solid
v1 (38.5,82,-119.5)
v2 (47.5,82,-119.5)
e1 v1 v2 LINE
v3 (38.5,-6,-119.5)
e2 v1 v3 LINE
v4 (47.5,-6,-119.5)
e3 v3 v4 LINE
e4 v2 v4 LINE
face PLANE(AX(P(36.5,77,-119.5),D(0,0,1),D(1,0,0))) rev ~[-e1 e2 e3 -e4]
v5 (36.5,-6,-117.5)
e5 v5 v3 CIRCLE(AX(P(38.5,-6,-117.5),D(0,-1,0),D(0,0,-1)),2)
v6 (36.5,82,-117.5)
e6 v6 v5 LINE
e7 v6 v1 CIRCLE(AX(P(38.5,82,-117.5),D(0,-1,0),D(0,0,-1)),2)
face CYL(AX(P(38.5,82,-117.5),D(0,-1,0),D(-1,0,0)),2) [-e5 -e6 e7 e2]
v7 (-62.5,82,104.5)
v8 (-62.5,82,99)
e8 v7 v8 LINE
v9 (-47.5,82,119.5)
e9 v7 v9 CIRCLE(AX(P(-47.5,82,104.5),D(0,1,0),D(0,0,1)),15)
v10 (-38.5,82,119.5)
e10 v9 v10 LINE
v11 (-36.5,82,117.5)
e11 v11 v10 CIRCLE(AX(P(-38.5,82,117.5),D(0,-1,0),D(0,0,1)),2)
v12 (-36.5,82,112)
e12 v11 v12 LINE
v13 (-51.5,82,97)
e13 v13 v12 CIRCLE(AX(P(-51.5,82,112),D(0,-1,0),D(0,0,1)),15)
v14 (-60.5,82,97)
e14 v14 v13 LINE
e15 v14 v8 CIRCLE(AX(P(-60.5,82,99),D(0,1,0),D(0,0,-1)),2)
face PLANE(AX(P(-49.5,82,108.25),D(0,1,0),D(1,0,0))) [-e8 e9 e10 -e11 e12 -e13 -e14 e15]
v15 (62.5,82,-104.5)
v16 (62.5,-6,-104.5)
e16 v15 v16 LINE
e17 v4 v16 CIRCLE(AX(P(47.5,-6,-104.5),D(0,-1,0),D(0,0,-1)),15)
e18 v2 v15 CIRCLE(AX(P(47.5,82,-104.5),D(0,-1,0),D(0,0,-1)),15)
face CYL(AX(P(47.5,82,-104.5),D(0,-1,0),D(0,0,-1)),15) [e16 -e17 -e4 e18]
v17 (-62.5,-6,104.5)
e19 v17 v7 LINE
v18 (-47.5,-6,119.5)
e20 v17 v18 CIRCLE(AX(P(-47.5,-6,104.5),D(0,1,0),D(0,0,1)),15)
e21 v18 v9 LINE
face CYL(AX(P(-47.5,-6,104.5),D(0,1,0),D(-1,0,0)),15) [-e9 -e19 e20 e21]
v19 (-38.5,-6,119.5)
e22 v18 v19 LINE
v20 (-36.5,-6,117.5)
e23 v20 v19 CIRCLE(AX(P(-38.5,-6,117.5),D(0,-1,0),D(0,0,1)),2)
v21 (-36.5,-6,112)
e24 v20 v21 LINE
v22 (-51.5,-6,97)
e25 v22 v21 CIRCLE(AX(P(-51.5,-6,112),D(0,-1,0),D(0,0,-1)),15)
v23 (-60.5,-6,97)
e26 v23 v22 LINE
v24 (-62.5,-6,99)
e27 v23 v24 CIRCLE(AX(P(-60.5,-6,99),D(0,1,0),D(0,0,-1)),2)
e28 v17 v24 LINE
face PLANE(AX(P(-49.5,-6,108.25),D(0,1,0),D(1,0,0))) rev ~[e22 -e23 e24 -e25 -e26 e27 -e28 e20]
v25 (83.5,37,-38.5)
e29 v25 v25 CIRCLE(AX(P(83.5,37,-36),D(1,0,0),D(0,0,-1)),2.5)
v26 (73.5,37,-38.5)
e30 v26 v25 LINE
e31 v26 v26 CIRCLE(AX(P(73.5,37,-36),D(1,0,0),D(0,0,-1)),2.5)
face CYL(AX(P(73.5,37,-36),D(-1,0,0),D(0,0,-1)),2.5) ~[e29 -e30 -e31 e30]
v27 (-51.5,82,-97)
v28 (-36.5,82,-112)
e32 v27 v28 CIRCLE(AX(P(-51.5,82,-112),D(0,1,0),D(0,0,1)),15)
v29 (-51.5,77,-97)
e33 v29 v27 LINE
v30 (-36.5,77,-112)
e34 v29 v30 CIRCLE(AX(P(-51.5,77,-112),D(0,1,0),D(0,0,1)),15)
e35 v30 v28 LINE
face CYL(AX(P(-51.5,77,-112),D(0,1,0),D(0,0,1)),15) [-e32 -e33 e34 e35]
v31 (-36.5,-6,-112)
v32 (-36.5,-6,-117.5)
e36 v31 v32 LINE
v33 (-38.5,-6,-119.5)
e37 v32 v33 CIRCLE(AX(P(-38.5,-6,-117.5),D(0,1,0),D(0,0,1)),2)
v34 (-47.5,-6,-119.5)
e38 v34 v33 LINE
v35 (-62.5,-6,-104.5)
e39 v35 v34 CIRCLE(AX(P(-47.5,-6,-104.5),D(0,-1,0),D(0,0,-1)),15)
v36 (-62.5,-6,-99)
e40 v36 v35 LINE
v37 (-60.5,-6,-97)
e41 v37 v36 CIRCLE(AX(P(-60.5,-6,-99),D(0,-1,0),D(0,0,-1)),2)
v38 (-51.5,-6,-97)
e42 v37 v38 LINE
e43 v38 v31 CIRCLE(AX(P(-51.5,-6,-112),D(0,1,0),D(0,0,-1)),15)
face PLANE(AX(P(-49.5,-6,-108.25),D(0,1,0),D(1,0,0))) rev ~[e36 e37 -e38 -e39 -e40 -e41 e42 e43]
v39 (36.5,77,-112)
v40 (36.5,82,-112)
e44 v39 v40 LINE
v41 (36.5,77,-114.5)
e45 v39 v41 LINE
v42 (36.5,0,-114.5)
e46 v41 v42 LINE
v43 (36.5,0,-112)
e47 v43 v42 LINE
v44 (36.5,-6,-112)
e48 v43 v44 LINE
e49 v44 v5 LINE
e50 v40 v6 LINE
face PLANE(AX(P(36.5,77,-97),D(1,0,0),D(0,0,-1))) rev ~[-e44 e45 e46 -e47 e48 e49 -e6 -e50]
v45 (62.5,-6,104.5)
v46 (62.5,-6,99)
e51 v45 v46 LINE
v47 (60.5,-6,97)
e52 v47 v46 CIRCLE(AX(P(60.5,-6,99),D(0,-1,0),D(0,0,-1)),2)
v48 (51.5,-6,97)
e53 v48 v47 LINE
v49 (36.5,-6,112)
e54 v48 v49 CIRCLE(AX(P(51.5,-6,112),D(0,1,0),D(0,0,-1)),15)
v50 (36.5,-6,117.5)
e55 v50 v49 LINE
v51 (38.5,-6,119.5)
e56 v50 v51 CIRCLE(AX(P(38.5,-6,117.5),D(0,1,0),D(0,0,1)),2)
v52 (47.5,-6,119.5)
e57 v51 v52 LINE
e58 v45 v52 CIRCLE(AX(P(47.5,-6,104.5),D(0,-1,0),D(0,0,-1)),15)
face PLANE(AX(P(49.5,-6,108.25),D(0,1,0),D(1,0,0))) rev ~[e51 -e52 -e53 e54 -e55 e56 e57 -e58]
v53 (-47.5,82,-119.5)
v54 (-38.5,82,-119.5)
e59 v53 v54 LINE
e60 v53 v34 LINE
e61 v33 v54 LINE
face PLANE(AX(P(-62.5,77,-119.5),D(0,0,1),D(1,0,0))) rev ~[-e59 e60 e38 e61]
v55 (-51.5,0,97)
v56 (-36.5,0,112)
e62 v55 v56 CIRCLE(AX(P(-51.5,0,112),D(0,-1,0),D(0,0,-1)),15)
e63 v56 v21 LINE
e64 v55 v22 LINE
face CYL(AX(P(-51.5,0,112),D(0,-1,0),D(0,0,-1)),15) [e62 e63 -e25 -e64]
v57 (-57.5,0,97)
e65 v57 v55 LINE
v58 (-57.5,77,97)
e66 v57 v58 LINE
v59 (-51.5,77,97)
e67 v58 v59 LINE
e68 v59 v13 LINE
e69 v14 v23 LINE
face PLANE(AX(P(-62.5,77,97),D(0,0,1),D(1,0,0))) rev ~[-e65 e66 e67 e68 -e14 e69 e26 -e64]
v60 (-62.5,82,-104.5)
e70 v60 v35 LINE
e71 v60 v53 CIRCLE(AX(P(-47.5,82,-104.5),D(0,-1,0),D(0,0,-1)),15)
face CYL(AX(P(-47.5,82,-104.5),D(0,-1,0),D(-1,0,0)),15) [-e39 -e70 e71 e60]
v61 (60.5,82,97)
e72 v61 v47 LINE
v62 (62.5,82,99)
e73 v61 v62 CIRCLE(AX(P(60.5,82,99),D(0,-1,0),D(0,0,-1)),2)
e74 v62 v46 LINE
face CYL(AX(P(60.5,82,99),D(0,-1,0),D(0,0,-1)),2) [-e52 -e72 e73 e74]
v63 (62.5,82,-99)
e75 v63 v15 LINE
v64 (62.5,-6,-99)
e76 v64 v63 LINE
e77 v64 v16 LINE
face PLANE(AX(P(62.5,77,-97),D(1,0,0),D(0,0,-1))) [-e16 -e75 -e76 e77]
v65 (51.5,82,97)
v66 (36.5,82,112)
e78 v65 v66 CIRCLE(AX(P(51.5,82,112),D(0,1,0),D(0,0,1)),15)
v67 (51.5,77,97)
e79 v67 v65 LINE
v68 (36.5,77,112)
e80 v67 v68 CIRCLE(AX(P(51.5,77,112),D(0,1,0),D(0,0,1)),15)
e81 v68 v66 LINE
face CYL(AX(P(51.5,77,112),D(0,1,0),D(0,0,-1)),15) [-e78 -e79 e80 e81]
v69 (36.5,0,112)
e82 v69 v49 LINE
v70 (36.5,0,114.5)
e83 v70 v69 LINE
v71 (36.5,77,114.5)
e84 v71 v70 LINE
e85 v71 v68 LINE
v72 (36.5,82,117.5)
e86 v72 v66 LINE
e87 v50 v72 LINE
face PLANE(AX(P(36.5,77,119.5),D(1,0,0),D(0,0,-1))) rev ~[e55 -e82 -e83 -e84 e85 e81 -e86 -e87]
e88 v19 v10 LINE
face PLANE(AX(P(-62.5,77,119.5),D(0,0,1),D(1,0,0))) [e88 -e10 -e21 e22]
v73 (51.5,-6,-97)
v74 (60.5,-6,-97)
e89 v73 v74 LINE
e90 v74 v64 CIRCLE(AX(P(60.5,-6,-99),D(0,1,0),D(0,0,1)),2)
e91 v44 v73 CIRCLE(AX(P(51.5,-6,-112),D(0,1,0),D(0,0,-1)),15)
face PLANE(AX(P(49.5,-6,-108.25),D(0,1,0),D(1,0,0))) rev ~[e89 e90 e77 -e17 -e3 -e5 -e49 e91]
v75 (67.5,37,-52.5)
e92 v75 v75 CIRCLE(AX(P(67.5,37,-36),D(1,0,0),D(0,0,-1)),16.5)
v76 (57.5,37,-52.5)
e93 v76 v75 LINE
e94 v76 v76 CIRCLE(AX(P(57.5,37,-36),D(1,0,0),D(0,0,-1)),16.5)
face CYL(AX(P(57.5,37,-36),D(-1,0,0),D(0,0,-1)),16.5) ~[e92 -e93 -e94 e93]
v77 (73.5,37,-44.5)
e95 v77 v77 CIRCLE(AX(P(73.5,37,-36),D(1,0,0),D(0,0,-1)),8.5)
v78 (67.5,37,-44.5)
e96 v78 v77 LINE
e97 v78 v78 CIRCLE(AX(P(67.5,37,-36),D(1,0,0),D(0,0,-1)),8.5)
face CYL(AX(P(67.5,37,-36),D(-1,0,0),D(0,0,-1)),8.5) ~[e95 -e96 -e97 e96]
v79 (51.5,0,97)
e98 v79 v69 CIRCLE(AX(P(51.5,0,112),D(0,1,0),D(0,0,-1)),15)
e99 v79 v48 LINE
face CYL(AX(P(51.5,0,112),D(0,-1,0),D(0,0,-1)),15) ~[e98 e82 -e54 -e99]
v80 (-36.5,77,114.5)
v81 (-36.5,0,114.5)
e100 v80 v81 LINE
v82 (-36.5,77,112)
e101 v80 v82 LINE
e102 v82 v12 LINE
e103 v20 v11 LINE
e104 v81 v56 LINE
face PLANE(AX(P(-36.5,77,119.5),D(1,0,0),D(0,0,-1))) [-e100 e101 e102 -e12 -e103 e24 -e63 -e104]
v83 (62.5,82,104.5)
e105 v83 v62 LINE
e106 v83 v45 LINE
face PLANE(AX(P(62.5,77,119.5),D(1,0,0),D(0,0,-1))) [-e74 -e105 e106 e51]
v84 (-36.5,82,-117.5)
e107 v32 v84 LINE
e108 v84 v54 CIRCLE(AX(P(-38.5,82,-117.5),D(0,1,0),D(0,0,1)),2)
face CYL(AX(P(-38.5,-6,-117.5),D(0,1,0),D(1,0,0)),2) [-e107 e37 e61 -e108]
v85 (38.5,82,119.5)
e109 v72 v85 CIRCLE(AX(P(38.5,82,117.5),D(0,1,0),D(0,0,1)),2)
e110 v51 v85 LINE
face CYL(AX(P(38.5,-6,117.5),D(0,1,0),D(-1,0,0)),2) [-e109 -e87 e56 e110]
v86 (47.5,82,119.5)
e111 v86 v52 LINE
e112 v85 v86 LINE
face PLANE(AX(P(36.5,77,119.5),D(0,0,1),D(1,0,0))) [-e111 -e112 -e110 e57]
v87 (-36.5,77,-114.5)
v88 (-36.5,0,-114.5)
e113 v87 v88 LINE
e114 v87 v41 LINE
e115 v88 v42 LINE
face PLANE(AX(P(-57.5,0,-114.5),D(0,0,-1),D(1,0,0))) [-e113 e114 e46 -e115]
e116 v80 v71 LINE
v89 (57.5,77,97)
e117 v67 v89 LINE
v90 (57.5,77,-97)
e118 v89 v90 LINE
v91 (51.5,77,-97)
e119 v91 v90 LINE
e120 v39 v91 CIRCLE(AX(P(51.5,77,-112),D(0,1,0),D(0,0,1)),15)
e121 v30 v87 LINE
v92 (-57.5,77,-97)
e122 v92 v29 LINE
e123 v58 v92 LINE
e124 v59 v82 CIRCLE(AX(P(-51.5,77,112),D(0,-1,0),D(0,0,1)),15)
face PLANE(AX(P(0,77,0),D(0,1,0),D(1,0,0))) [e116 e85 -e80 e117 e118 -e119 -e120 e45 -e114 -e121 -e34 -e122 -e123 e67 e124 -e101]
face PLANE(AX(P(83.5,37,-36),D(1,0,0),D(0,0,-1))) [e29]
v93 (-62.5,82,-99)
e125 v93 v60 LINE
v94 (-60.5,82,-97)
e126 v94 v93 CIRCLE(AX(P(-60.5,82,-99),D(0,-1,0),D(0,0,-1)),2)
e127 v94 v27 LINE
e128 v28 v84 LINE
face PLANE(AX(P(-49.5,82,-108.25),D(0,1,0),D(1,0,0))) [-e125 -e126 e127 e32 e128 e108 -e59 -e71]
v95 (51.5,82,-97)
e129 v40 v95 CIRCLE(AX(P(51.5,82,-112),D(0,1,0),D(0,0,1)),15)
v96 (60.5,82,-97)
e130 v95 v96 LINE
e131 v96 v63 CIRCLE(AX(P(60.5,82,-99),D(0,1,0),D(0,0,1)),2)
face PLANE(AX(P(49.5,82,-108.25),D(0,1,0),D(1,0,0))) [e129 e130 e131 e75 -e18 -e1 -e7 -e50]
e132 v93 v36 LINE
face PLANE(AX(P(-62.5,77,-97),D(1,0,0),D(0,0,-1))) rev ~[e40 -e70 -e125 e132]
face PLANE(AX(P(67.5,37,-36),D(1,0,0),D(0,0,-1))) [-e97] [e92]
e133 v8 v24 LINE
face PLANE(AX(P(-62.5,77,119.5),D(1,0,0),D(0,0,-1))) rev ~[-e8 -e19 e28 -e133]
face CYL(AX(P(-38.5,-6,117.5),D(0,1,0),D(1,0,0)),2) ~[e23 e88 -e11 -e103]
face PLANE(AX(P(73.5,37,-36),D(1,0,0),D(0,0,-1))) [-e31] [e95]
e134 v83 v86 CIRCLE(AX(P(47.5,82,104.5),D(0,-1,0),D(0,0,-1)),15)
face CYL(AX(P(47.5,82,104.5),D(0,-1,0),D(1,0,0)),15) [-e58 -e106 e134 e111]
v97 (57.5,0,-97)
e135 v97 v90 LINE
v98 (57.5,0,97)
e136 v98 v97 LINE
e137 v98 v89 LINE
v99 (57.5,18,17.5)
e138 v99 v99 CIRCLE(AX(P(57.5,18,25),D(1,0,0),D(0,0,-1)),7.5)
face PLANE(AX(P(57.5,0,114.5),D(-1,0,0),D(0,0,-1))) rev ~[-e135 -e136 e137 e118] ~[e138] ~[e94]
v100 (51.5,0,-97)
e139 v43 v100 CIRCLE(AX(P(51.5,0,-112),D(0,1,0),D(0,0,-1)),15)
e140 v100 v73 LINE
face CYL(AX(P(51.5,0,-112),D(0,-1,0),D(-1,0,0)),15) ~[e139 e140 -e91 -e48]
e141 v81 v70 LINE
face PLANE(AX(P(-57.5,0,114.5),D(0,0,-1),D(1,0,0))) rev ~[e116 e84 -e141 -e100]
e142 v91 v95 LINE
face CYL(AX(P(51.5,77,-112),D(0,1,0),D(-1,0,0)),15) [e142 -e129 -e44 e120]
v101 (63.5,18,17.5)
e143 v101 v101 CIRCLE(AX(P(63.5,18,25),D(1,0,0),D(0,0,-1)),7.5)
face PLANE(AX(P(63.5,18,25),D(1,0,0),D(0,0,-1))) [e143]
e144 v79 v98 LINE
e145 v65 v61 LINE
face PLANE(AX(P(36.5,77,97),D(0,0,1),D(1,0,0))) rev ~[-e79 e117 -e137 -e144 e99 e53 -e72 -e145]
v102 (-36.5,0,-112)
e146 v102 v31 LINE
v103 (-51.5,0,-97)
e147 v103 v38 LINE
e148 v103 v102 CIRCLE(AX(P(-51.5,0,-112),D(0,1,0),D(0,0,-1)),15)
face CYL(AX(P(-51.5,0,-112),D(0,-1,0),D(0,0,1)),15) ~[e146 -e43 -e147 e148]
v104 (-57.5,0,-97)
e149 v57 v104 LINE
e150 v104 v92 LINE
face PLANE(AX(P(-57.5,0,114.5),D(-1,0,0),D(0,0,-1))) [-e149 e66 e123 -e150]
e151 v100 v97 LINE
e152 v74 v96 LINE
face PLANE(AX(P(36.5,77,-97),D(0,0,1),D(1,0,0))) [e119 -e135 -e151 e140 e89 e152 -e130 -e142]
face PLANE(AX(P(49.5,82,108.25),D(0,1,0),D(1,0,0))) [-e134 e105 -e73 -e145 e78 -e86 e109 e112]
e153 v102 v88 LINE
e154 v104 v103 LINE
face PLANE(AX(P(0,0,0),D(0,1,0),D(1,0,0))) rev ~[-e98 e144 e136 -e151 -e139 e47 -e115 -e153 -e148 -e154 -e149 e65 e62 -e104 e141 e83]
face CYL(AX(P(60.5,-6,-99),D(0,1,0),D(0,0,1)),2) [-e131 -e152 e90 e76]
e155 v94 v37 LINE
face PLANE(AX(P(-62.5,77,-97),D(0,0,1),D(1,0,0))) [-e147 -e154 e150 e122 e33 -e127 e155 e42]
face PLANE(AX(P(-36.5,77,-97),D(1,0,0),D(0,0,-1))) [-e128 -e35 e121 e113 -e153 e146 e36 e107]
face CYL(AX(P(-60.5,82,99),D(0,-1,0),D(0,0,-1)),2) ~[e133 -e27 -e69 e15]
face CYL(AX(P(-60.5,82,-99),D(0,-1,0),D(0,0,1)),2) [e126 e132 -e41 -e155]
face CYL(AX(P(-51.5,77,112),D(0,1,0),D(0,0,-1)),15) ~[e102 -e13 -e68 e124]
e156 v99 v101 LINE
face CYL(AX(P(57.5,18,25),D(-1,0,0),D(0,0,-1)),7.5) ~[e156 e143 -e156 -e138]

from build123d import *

# Parameters (mm, degrees)
SKETCH1_W                = 115
SKETCH1_H                = 229
BOSS_EXTRUDE1_DEPTH      = 77
BOSS_EXTRUDE3_DEPTH      = 5
BOSS_EXTRUDE3_DEPTH_BACK = 83
SKETCH12_W               = 26
SKETCH12_H               = 22.5
FILLET2_R                = 15
FILLET3_R                = 15
FILLET4_R                = 2
SKETCH13_R               = 7.5
BOSS_EXTRUDE4_DEPTH      = 6
SKETCH13_6_R             = 16.5
BOSS_EXTRUDE5_DEPTH      = 10
SKETCH14_R               = 8.5
BOSS_EXTRUDE6_DEPTH      = 6
SKETCH15_R               = 2.5
BOSS_EXTRUDE7_DEPTH      = 10


with BuildPart() as part:
    # Sketch1 → Boss-Extrude1 (new body)
    with BuildSketch(Plane(origin=(0, 0, 0), x_dir=(1, 0, 0), z_dir=(0, 1, 0))):
        Rectangle(SKETCH1_W, SKETCH1_H)
    extrude(amount=BOSS_EXTRUDE1_DEPTH)

    # Sketch12 → Boss-Extrude3 (add, two sides: drawn at the far end of the back side and taken through both)
    with BuildSketch(Plane(origin=(0, 77, 0), x_dir=(1, 0, 0), z_dir=(0, 1, 0)).offset(-BOSS_EXTRUDE3_DEPTH_BACK)):
        with Locations((-49.5, -108.25)):
            Rectangle(SKETCH12_W, SKETCH12_H)
        with Locations((49.5, -108.25)):
            Rectangle(SKETCH12_W, SKETCH12_H)
        with Locations((49.5, 108.25)):
            Rectangle(SKETCH12_W, SKETCH12_H)
        with Locations((-49.5, 108.25)):
            Rectangle(SKETCH12_W, SKETCH12_H)
    extrude(amount=BOSS_EXTRUDE3_DEPTH + BOSS_EXTRUDE3_DEPTH_BACK)

    # Fillet2
    fillet2_edges = [part.edges().sort_by_distance(p)[0] for p in [
        (-62.5, 38, -119.5),
        (62.5, 38, -119.5),
        (-62.5, 38, 119.5),
        (62.5, 38, 119.5),
    ]]
    fillet(fillet2_edges, radius=FILLET2_R)

    # Fillet3
    fillet3_edges = [part.edges().sort_by_distance(p)[0] for p in [
        (-36.5, -3, -97),
        (36.5, -3, -97),
        (-36.5, -3, 97),
        (36.5, -3, 97),
        (36.5, 79.5, 97),
        (-36.5, 79.5, 97),
        (36.5, 79.5, -97),
        (-36.5, 79.5, -97),
    ]]
    fillet(fillet3_edges, radius=FILLET3_R)

    # Fillet4
    fillet4_edges = [part.edges().sort_by_distance(p)[0] for p in [
        (-62.5, 38, -97),
        (-36.5, 38, -119.5),
        (36.5, 38, -119.5),
        (62.5, 38, -97),
        (62.5, 38, 97),
        (36.5, 38, 119.5),
        (-36.5, 38, 119.5),
        (-62.5, 38, 97),
    ]]
    fillet(fillet4_edges, radius=FILLET4_R)

    # Sketch13 → Boss-Extrude4 (add)
    with BuildSketch(Plane(origin=(57.5, 0, 0), x_dir=(0, 0, -1), z_dir=(1, 0, 0))):
        with Locations((-25, 18)):
            Circle(SKETCH13_R)
    extrude(amount=BOSS_EXTRUDE4_DEPTH)

    # Sketch13<6> → Boss-Extrude5 (add)
    with BuildSketch(Plane(origin=(57.5, 0, 0), x_dir=(0, 0, -1), z_dir=(1, 0, 0))):
        with Locations((36, 37)):
            Circle(SKETCH13_6_R)
    extrude(amount=BOSS_EXTRUDE5_DEPTH)

    # Sketch14 → Boss-Extrude6 (add)
    with BuildSketch(Plane(origin=(67.5, 0, 0), x_dir=(0, 0, -1), z_dir=(1, 0, 0))):
        with Locations((36, 37)):
            Circle(SKETCH14_R)
    extrude(amount=BOSS_EXTRUDE6_DEPTH)

    # Sketch15 → Boss-Extrude7 (add)
    with BuildSketch(Plane(origin=(73.5, 0, 0), x_dir=(0, 0, -1), z_dir=(1, 0, 0))):
        with Locations((36, 37)):
            Circle(SKETCH15_R)
    extrude(amount=BOSS_EXTRUDE7_DEPTH)


solid = part.part
